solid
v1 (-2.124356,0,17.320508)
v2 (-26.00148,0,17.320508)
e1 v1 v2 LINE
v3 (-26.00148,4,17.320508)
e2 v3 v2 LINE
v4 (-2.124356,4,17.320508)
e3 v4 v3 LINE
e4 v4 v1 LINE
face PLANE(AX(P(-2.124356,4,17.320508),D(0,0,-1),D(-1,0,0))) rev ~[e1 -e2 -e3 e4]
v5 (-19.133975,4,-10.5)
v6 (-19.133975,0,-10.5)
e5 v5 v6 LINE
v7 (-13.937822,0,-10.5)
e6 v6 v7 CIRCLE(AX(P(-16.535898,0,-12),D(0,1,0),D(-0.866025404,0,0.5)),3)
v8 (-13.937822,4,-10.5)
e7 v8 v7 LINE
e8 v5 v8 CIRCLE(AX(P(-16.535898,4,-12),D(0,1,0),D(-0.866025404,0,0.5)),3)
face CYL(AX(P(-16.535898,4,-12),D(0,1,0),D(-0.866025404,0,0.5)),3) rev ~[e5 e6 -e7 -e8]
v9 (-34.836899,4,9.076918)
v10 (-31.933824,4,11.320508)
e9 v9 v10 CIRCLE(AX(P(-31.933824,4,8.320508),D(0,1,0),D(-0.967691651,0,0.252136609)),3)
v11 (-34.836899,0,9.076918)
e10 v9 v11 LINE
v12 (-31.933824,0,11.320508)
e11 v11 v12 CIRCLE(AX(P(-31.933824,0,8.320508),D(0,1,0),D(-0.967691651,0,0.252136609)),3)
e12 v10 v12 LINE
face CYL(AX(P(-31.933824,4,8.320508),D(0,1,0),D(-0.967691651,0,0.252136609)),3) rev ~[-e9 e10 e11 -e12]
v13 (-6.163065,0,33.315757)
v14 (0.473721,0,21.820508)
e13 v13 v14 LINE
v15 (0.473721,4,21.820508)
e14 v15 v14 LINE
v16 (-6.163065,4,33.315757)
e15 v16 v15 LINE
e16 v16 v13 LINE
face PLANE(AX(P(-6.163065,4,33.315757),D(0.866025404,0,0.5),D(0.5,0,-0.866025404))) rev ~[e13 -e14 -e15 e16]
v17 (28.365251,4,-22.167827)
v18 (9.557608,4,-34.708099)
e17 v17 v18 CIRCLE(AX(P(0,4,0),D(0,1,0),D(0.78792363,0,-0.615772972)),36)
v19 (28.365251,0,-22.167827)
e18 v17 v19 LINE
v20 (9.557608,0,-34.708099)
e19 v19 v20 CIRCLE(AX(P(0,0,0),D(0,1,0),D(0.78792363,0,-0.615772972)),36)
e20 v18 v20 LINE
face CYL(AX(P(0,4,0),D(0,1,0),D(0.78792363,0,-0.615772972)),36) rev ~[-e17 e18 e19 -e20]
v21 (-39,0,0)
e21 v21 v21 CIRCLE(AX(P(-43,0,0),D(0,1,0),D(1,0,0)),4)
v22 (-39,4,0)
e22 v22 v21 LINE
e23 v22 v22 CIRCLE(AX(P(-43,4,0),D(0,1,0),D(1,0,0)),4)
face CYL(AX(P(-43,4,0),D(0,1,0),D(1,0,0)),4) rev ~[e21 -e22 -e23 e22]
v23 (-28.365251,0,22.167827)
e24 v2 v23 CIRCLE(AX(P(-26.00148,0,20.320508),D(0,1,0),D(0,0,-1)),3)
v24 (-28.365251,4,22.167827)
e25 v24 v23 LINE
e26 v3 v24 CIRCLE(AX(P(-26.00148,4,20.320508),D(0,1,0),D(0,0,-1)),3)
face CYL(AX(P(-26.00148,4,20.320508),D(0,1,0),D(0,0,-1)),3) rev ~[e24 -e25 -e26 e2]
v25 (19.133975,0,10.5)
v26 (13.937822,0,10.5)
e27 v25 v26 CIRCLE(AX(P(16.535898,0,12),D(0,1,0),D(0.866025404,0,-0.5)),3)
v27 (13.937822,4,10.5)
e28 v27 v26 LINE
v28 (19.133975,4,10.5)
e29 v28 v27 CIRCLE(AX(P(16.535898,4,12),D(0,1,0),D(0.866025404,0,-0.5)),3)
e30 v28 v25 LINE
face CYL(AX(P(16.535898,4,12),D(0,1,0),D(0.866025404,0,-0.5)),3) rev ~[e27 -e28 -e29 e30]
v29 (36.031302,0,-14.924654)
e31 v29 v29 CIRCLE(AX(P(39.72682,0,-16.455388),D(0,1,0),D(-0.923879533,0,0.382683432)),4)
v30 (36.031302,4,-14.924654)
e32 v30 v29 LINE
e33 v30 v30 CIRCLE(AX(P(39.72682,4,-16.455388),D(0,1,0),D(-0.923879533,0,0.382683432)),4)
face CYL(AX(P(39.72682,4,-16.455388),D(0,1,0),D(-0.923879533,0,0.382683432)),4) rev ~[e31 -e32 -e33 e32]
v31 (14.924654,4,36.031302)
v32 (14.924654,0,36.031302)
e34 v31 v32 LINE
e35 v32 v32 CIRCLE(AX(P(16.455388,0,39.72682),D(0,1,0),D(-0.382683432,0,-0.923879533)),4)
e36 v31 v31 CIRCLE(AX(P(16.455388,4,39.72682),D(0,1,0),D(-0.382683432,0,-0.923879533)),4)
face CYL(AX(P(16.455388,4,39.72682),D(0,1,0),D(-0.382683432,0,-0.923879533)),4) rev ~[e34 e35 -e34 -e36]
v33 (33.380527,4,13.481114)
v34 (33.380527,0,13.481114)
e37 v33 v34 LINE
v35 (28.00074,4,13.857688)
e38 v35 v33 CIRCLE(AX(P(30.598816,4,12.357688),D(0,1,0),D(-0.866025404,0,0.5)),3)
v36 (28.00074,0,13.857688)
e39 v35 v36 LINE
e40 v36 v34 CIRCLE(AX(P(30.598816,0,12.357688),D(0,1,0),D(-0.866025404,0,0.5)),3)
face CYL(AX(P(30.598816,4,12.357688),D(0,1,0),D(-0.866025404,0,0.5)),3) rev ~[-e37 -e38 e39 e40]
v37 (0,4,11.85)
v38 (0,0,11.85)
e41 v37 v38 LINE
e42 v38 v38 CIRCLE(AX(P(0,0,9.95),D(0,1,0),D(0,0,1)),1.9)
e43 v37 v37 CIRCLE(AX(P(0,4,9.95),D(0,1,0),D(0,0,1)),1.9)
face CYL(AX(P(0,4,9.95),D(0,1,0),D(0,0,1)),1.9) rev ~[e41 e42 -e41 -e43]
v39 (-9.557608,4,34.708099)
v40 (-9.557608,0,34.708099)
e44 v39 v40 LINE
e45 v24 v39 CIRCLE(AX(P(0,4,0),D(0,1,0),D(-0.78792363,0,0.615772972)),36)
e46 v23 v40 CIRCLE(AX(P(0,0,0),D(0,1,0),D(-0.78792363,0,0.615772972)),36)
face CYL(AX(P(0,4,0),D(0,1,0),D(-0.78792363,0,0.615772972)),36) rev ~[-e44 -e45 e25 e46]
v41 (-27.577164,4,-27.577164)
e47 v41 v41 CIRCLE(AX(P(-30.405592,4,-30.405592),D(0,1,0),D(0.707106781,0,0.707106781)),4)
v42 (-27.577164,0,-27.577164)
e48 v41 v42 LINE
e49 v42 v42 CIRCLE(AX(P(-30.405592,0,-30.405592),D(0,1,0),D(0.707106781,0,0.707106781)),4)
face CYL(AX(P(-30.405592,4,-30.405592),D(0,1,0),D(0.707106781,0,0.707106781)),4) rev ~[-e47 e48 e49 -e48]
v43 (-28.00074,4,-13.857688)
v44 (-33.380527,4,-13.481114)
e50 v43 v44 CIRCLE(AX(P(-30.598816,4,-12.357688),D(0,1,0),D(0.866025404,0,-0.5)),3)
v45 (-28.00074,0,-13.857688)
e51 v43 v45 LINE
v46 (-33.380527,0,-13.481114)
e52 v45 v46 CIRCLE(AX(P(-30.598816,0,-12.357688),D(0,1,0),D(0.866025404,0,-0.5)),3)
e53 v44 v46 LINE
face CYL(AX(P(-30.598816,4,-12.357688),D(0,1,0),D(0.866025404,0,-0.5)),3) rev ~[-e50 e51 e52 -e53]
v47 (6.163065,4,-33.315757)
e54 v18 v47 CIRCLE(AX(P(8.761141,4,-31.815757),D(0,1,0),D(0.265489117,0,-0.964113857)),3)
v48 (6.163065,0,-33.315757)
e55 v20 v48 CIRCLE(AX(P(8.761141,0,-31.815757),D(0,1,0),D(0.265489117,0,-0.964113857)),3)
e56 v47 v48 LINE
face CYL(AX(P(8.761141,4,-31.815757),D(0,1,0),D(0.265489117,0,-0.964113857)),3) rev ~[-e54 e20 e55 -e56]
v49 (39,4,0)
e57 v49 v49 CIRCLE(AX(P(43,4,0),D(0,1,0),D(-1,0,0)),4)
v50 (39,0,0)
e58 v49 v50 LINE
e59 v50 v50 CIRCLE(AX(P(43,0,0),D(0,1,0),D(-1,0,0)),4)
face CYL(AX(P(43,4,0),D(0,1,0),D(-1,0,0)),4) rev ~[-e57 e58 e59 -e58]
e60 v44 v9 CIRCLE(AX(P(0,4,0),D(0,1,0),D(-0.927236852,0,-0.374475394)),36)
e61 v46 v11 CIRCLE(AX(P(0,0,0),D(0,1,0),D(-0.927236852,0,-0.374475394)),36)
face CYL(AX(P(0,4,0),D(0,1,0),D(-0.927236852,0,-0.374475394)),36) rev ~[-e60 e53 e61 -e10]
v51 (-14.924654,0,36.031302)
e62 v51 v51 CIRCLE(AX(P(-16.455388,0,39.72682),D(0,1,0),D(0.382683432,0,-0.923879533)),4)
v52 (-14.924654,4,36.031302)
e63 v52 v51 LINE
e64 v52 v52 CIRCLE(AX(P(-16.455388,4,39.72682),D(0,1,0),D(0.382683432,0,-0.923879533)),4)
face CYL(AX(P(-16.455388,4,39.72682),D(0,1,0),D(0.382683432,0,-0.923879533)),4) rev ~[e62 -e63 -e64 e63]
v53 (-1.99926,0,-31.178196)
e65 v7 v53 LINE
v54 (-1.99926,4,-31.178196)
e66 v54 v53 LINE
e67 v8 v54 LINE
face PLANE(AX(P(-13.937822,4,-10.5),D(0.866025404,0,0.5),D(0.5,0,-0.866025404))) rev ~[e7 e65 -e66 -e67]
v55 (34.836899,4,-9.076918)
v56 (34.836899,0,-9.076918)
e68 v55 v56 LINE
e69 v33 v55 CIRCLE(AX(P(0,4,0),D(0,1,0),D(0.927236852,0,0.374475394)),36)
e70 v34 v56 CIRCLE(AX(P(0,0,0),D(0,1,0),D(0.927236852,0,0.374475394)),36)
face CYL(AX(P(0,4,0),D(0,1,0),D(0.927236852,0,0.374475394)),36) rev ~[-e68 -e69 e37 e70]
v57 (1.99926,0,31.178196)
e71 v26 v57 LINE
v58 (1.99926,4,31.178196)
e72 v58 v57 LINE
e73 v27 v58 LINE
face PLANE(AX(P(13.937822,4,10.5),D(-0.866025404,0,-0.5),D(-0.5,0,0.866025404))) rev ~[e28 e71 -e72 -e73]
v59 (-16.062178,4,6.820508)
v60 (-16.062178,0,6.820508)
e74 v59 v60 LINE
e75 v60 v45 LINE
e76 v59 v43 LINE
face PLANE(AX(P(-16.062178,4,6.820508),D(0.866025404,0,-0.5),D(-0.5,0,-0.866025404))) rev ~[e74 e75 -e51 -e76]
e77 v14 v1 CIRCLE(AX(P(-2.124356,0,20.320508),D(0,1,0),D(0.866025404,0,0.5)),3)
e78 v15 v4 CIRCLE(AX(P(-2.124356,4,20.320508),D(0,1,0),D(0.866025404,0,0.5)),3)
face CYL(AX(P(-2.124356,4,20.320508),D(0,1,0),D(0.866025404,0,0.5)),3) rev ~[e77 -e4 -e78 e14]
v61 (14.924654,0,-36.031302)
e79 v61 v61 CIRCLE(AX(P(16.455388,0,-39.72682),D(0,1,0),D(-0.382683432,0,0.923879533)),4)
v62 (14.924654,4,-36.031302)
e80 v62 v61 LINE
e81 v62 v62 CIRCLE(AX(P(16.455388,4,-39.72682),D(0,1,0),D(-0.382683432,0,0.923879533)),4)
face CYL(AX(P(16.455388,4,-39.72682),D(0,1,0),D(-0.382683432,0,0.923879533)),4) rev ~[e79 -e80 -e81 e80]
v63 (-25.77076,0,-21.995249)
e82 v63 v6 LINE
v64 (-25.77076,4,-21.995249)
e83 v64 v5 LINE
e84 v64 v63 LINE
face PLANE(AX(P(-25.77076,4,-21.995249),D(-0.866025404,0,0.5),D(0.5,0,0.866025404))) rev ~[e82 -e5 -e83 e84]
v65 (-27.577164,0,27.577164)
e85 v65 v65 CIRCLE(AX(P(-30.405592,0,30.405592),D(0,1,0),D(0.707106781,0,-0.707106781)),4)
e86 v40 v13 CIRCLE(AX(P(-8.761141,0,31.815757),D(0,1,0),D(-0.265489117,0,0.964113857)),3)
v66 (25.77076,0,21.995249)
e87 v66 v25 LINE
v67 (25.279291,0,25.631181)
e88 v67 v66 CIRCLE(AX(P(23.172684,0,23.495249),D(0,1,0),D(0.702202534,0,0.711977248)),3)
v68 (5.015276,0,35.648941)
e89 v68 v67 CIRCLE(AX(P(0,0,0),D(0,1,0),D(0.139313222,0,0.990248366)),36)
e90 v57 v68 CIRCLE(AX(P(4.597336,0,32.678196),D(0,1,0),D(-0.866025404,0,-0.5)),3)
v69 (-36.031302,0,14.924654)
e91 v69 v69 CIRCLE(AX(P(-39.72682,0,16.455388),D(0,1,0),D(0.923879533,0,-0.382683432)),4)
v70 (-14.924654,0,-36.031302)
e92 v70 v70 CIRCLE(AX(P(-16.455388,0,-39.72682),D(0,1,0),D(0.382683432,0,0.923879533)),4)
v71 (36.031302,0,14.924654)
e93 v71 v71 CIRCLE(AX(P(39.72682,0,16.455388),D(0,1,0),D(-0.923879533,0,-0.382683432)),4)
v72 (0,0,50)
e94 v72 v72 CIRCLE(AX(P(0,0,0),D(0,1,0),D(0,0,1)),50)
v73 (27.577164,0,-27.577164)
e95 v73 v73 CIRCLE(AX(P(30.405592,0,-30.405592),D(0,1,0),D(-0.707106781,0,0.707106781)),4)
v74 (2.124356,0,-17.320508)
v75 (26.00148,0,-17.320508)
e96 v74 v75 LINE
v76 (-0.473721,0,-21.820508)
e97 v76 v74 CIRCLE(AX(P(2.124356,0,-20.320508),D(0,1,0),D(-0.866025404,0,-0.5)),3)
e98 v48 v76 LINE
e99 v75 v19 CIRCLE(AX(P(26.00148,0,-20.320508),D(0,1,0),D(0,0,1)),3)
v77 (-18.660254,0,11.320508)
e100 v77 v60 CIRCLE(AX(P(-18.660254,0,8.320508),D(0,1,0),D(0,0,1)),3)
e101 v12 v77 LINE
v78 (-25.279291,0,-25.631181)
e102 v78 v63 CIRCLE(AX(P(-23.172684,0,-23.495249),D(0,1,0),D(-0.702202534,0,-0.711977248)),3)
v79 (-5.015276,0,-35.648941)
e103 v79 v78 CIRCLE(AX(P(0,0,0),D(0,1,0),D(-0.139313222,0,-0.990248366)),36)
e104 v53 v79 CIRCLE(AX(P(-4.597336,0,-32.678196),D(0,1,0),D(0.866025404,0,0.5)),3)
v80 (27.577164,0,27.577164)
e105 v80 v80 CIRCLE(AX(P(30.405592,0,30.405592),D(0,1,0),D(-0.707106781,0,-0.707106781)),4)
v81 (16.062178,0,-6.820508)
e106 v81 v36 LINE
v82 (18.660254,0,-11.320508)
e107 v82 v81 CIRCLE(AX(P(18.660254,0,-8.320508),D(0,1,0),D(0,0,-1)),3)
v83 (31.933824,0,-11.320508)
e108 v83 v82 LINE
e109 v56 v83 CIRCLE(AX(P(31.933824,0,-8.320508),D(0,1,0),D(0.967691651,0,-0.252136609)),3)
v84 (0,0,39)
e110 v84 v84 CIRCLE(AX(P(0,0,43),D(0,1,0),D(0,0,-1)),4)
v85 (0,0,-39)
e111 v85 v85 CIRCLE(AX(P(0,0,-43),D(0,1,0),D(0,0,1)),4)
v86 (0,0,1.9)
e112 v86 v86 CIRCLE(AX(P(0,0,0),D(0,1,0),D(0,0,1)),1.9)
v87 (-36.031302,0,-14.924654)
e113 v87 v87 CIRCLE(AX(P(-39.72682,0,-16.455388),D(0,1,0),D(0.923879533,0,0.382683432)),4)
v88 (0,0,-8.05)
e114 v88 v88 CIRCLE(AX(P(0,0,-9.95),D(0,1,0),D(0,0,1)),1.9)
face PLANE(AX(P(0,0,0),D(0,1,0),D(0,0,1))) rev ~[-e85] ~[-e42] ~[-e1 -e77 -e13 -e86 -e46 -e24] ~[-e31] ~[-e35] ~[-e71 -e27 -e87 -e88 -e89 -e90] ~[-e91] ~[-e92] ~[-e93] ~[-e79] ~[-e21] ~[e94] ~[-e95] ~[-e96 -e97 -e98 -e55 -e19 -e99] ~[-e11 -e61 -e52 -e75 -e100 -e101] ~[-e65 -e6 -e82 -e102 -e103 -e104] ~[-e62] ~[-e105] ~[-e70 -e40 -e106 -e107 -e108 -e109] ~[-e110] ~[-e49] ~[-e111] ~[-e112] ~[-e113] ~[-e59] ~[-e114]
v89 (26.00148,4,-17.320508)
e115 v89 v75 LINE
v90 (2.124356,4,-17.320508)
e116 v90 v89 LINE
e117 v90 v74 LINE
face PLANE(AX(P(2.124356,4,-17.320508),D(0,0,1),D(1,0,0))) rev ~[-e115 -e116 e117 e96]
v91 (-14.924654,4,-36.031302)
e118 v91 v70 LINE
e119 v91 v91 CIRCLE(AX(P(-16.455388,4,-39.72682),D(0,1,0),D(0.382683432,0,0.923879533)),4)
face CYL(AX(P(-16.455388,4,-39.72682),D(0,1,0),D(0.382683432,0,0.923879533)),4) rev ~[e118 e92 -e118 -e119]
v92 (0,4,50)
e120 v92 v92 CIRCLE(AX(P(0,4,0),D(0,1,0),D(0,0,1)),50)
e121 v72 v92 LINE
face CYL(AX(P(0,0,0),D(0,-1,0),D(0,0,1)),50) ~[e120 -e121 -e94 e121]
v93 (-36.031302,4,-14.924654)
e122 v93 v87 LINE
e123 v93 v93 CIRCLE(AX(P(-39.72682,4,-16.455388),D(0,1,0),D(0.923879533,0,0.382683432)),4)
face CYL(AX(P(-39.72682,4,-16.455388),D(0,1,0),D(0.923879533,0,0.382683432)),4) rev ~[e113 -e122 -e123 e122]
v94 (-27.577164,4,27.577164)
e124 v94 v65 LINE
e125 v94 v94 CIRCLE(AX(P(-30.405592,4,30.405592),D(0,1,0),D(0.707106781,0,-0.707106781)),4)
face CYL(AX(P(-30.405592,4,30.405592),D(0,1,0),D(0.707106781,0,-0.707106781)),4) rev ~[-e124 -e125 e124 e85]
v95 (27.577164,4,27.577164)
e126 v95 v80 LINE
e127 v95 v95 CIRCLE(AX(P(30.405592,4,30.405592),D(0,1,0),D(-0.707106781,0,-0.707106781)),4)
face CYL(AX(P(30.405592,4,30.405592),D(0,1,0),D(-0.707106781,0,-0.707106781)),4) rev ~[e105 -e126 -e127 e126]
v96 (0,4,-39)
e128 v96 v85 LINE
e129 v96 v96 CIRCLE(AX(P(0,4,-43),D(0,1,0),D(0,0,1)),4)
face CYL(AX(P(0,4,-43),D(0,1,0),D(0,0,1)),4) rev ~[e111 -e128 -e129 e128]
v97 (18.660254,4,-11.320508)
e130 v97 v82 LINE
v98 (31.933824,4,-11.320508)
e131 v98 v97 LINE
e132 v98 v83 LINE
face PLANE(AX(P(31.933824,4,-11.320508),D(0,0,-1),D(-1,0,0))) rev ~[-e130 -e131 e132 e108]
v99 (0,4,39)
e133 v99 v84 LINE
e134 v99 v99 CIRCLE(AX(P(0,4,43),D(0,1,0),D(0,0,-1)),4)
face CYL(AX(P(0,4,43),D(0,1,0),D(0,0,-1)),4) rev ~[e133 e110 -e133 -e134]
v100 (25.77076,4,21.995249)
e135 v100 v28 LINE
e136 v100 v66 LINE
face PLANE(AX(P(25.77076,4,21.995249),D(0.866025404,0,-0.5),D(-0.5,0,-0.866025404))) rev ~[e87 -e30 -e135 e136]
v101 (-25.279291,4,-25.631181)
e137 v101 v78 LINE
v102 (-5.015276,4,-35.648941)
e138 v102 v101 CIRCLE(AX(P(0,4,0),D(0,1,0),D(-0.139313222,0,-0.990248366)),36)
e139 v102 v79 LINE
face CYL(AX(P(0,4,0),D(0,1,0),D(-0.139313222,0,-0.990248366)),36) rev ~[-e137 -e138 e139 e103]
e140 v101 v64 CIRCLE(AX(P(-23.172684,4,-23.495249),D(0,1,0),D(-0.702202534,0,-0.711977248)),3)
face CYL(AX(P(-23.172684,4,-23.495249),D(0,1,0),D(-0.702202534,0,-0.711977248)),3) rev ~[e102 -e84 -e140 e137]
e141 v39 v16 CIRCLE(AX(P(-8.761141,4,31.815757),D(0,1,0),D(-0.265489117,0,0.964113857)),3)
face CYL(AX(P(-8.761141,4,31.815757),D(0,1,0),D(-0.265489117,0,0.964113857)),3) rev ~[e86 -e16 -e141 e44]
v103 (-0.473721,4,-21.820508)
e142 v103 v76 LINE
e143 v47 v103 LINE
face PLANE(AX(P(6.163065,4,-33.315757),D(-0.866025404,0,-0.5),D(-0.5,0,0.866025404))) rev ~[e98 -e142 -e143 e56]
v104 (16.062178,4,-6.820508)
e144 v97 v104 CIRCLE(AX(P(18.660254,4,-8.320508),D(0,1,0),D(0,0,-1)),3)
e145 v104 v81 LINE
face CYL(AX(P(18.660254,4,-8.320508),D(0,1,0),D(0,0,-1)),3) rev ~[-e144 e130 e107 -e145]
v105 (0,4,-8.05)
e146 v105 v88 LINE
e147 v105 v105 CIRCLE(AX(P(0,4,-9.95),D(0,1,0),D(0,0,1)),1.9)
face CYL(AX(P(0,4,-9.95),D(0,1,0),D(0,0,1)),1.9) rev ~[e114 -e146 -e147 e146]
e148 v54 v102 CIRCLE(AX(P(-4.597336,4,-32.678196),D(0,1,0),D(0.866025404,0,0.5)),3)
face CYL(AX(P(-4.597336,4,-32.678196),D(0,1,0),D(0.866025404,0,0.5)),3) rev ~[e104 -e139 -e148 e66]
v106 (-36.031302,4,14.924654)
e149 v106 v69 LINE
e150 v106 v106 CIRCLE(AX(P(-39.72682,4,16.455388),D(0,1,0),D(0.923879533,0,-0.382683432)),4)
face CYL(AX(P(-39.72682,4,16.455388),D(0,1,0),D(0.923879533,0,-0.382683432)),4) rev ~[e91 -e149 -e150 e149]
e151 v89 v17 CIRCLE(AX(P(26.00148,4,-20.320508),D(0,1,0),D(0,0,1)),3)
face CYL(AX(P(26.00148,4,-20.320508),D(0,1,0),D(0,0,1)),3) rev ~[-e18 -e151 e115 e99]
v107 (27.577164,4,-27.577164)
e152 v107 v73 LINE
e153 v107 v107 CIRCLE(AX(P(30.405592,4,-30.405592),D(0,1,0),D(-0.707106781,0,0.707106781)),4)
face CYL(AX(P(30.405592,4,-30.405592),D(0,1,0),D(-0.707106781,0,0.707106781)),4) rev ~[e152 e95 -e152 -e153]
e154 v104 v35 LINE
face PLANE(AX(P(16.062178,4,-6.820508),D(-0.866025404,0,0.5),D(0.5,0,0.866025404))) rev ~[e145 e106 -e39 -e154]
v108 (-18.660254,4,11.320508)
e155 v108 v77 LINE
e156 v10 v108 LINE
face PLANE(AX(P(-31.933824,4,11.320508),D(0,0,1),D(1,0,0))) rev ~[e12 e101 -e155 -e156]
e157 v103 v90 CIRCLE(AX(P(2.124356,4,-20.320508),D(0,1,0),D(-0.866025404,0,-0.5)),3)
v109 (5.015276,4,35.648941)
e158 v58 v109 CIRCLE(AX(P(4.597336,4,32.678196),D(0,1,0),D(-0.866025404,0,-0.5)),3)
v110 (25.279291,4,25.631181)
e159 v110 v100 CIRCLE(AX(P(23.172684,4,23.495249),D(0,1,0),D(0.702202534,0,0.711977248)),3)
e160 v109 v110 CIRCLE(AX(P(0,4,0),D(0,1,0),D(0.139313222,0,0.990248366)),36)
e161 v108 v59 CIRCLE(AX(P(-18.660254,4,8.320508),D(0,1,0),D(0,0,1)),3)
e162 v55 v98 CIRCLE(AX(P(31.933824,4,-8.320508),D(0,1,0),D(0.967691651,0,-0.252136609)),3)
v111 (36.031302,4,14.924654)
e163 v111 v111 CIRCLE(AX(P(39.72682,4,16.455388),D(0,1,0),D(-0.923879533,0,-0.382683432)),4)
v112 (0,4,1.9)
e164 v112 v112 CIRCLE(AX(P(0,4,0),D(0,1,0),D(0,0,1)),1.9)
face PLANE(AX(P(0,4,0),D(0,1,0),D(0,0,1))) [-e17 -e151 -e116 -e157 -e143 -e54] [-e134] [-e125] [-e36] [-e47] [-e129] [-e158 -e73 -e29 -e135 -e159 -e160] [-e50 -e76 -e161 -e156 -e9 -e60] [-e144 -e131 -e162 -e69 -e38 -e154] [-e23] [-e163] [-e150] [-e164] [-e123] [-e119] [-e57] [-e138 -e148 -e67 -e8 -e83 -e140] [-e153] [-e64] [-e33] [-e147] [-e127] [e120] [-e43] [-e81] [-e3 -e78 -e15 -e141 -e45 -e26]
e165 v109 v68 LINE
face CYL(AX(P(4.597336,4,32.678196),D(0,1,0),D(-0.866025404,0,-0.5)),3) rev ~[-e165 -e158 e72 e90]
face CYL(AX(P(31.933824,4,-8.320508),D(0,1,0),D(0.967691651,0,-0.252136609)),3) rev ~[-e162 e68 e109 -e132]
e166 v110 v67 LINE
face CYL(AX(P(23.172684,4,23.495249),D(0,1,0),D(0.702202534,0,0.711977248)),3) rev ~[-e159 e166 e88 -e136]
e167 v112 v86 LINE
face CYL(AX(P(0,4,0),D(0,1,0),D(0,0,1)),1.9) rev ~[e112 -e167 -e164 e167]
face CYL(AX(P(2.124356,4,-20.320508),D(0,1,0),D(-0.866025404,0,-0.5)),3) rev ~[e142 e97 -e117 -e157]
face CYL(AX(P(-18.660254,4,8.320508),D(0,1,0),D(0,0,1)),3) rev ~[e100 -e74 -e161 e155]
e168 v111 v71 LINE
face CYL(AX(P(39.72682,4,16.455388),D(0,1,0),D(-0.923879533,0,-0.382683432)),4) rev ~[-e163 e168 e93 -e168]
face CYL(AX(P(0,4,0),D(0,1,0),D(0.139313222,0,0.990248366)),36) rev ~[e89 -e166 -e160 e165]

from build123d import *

# Parameters (mm, degrees)
SKETCH1_R           = 50
BOSS_EXTRUDE1_DEPTH = 4
SKETCH2_R           = 4
CUT_EXTRUDE1_DEPTH  = 4
CIRPATTERN1_COUNT   = 16
CUT_EXTRUDE2_DEPTH  = 4
CIRPATTERN3_COUNT   = 6
SKETCH5_R           = 1.9
CUT_EXTRUDE3_DEPTH  = 4


with BuildPart() as part:
    # Sketch1 → Boss-Extrude1 (new body)
    with BuildSketch(Plane(origin=(0, 0, 0), x_dir=(1, 0, 0), z_dir=(0, 1, 0))):
        with Locations(Location((0, 0, 0), (0, 0, 270))):
            Circle(SKETCH1_R)
    extrude(amount=BOSS_EXTRUDE1_DEPTH)

    # Sketch2 → Cut-Extrude1 (cut)
    with BuildSketch(Plane(origin=(0, 4, 0), x_dir=(1, 0, 0), z_dir=(0, 1, 0))):
        with Locations(Location((0, 43, 0), (0, 0, 270))):
            Circle(SKETCH2_R)
    cut_extrude1 = extrude(amount=-CUT_EXTRUDE1_DEPTH, mode=Mode.SUBTRACT)

    # CirPattern1: Cut-Extrude1 ×16 about axis
    cirpattern1_axis = Axis((0, 0, 0), (0, 1, 0))
    for i in range(1, CIRPATTERN1_COUNT):
        add(cut_extrude1.rotate(cirpattern1_axis, i * 360 / CIRPATTERN1_COUNT), mode=Mode.SUBTRACT)

    # Sketch3 → Cut-Extrude2 (cut)
    with BuildSketch(Plane(origin=(0, 4, 0), x_dir=(1, 0, 0), z_dir=(0, 1, 0))):
        with BuildLine():
            Line((2.124355653, 17.320508076), (10, 17.320508076))
            Line((10, 17.320508076), (26.001479795, 17.320508076))
            ThreePointArc((26.001479795, 17.320508076), (28.697954971, 19.005585406), (28.365250686, 22.167826992))
            ThreePointArc((28.365250686, 22.167826992), (19.971239607, 29.952455468), (9.557608221, 34.70809884))
            ThreePointArc((9.557608221, 34.70809884), (7.622675946, 34.591346868), (6.163064658, 33.31575727))
            Line((6.163064658, 33.31575727), (-0.473720558, 21.820508076))
            ThreePointArc((-0.473720558, 21.820508076), (-0.473720558, 18.820508076), (2.124355653, 17.320508076))
        make_face()
    cut_extrude2 = extrude(amount=-CUT_EXTRUDE2_DEPTH, mode=Mode.SUBTRACT)

    # CirPattern3: Cut-Extrude2 ×6 about axis
    cirpattern3_axis = Axis((0, 0, 0), (0, 1, 0))
    for i in range(1, CIRPATTERN3_COUNT):
        add(cut_extrude2.rotate(cirpattern3_axis, i * 360 / CIRPATTERN3_COUNT), mode=Mode.SUBTRACT)

    # Sketch5 → Cut-Extrude3 (cut)
    with BuildSketch(Plane(origin=(0, 4, 0), x_dir=(1, 0, 0), z_dir=(0, 1, 0))):
        with Locations(Location((0, 9.95, 0), (0, 0, 270))):
            Circle(SKETCH5_R)
        with Locations(Location((0, 0, 0), (0, 0, 270))):
            Circle(SKETCH5_R)
        with Locations(Location((0, -9.95, 0), (0, 0, 270))):
            Circle(SKETCH5_R)
    extrude(amount=-CUT_EXTRUDE3_DEPTH, mode=Mode.SUBTRACT)


solid = part.part
